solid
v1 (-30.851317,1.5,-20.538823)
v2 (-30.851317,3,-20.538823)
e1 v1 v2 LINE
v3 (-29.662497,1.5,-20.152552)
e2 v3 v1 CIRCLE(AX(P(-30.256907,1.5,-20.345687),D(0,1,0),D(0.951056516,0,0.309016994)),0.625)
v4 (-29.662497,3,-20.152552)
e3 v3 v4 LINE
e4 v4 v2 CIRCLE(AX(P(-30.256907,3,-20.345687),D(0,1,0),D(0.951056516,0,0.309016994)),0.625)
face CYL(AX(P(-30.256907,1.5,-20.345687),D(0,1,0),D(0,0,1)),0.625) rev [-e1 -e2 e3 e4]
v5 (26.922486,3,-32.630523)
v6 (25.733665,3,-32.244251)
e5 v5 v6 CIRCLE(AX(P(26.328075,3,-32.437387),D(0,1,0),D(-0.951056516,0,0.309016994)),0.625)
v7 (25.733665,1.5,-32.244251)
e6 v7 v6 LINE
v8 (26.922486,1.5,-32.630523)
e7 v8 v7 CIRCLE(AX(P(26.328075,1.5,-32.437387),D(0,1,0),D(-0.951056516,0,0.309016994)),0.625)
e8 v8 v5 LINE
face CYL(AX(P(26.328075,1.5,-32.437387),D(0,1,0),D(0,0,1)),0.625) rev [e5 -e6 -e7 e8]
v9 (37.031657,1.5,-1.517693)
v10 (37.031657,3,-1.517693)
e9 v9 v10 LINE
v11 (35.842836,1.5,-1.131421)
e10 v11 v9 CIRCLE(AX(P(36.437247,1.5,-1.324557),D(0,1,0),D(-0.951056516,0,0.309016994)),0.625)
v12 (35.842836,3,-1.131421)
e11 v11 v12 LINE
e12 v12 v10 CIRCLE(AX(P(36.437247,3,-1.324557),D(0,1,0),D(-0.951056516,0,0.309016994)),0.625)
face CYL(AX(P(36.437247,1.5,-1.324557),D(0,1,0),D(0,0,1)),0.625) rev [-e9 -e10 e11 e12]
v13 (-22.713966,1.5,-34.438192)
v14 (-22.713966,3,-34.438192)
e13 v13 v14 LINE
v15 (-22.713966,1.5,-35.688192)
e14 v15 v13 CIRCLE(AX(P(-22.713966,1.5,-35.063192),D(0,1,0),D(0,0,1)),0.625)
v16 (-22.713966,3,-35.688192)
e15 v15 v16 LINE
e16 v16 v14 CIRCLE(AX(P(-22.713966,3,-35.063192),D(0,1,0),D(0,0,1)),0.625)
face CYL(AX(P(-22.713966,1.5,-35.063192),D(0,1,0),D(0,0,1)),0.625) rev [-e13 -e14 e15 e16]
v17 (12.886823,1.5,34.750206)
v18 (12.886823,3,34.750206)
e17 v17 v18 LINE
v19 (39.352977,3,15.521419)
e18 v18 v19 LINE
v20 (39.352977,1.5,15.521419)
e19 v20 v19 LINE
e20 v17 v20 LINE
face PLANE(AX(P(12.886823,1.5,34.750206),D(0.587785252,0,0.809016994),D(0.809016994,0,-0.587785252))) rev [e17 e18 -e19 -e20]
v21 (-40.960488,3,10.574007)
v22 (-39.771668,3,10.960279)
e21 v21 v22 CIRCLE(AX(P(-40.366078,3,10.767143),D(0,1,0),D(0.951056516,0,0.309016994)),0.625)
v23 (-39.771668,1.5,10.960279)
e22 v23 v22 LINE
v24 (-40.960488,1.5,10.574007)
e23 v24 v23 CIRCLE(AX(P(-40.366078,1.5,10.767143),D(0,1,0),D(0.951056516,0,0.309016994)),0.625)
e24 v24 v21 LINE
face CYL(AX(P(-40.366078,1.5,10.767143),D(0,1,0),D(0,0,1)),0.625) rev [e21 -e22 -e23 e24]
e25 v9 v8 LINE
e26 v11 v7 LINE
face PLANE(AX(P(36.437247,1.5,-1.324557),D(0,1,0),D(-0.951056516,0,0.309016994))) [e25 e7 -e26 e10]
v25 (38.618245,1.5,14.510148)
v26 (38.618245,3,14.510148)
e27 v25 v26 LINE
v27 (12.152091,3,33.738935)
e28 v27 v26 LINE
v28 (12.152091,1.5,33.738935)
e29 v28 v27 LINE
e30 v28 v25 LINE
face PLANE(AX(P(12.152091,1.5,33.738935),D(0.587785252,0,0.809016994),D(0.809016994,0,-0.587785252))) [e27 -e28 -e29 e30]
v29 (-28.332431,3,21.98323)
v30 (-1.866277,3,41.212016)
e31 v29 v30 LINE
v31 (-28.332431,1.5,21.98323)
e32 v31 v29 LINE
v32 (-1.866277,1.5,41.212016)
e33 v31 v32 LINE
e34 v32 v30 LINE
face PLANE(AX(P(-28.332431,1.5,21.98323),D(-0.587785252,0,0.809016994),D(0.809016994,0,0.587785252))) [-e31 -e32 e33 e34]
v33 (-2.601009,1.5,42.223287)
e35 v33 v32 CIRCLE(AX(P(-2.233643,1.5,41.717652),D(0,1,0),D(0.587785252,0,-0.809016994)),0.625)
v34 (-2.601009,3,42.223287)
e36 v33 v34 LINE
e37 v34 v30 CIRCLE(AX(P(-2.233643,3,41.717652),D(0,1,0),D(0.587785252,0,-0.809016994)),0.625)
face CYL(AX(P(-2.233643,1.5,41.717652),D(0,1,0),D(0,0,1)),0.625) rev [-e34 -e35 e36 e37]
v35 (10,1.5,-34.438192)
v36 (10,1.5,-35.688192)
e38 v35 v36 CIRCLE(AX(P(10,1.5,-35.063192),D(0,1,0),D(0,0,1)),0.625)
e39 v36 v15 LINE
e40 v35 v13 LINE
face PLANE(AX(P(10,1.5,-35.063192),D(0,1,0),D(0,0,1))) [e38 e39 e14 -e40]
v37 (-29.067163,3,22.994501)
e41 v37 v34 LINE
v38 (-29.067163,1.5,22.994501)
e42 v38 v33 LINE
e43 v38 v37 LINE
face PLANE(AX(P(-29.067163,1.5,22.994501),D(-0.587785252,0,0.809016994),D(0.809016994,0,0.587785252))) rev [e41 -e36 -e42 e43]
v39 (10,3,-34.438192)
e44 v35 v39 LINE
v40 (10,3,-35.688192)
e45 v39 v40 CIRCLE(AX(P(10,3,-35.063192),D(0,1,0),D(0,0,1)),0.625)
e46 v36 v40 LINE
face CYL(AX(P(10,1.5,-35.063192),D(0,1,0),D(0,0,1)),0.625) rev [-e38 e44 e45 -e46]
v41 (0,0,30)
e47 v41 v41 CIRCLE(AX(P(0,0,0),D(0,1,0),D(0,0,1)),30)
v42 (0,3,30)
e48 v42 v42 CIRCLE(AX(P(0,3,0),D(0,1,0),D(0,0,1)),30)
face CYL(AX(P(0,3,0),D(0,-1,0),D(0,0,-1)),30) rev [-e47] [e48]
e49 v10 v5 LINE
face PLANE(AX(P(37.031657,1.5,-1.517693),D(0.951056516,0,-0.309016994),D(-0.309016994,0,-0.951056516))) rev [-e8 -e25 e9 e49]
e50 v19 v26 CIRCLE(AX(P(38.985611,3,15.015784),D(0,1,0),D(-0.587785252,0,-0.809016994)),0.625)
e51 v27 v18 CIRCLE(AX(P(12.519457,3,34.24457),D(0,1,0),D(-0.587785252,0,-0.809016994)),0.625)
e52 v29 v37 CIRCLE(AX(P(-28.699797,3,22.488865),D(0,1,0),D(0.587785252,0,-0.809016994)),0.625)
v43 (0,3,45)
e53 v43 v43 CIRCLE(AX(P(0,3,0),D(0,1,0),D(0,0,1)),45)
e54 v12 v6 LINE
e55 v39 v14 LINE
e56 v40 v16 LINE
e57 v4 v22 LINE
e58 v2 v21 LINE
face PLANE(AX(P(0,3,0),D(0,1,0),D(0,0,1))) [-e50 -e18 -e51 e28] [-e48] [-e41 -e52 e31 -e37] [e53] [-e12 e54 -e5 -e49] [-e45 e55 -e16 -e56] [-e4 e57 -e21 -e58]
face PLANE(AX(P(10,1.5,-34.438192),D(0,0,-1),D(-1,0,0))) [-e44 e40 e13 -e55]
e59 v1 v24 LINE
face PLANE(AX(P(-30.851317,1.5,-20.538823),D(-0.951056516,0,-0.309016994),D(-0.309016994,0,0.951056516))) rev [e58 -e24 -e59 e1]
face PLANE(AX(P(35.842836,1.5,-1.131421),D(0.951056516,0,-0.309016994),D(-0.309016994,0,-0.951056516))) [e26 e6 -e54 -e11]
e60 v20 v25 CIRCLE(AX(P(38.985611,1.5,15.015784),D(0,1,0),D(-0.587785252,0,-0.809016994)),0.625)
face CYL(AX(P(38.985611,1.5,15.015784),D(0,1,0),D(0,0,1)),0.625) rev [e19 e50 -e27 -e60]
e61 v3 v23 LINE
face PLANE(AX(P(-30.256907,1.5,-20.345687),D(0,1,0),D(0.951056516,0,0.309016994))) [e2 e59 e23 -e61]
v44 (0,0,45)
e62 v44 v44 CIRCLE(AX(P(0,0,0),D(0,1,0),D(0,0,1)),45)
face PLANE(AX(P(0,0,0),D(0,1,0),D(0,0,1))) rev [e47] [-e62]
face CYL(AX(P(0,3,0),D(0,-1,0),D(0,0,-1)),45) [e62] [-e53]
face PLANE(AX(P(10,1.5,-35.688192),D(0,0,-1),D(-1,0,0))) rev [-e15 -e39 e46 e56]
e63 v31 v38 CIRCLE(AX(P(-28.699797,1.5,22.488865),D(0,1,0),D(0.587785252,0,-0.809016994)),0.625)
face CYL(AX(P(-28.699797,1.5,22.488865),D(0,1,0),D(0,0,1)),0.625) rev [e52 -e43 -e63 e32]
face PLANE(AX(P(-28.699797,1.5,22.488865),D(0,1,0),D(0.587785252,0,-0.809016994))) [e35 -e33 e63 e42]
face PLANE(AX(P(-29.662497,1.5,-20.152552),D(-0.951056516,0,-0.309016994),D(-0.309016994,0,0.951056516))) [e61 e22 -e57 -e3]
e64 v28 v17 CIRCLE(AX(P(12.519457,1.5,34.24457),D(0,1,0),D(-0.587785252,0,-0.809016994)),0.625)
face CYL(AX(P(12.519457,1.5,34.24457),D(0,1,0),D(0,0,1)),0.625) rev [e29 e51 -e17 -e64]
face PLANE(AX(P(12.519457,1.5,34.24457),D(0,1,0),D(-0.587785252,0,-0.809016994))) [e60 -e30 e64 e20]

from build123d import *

# Parameters (mm, degrees)
SKETCH1_R           = 45
SKETCH1_R_2         = 30
BOSS_EXTRUDE1_DEPTH = 3
CUT_EXTRUDE1_DEPTH  = 1.5
CIRPATTERN1_COUNT   = 5


with BuildPart() as part:
    # Sketch1 → Boss-Extrude1 (new body)
    with BuildSketch(Plane(origin=(0, 0, 0), x_dir=(1, 0, 0), z_dir=(0, 1, 0))):
        Circle(SKETCH1_R)
        Circle(SKETCH1_R_2, mode=Mode.SUBTRACT)
    extrude(amount=BOSS_EXTRUDE1_DEPTH)

    # Sketch2 → Cut-Extrude1 (cut)
    with BuildSketch(Plane(origin=(0, 3, 0), x_dir=(1, 0, 0), z_dir=(0, 1, 0))):
        with BuildLine():
            Line((10, 34.438191534), (-22.713965574, 34.438191534))
            ThreePointArc((-22.713965574, 34.438191534), (-23.338965574, 35.063191534), (-22.713965574, 35.688191534))
            Line((-22.713965574, 35.688191534), (10, 35.688191534))
            ThreePointArc((10, 35.688191534), (10.625, 35.063191534), (10, 34.438191534))
        make_face()
    cut_extrude1 = extrude(amount=-CUT_EXTRUDE1_DEPTH, mode=Mode.SUBTRACT)

    # CirPattern1: Cut-Extrude1 ×5 about axis
    cirpattern1_axis = Axis((0, 0, 0), (0, 1, 0))
    for i in range(1, CIRPATTERN1_COUNT):
        add(cut_extrude1.rotate(cirpattern1_axis, i * 360 / CIRPATTERN1_COUNT), mode=Mode.SUBTRACT)


solid = part.part
